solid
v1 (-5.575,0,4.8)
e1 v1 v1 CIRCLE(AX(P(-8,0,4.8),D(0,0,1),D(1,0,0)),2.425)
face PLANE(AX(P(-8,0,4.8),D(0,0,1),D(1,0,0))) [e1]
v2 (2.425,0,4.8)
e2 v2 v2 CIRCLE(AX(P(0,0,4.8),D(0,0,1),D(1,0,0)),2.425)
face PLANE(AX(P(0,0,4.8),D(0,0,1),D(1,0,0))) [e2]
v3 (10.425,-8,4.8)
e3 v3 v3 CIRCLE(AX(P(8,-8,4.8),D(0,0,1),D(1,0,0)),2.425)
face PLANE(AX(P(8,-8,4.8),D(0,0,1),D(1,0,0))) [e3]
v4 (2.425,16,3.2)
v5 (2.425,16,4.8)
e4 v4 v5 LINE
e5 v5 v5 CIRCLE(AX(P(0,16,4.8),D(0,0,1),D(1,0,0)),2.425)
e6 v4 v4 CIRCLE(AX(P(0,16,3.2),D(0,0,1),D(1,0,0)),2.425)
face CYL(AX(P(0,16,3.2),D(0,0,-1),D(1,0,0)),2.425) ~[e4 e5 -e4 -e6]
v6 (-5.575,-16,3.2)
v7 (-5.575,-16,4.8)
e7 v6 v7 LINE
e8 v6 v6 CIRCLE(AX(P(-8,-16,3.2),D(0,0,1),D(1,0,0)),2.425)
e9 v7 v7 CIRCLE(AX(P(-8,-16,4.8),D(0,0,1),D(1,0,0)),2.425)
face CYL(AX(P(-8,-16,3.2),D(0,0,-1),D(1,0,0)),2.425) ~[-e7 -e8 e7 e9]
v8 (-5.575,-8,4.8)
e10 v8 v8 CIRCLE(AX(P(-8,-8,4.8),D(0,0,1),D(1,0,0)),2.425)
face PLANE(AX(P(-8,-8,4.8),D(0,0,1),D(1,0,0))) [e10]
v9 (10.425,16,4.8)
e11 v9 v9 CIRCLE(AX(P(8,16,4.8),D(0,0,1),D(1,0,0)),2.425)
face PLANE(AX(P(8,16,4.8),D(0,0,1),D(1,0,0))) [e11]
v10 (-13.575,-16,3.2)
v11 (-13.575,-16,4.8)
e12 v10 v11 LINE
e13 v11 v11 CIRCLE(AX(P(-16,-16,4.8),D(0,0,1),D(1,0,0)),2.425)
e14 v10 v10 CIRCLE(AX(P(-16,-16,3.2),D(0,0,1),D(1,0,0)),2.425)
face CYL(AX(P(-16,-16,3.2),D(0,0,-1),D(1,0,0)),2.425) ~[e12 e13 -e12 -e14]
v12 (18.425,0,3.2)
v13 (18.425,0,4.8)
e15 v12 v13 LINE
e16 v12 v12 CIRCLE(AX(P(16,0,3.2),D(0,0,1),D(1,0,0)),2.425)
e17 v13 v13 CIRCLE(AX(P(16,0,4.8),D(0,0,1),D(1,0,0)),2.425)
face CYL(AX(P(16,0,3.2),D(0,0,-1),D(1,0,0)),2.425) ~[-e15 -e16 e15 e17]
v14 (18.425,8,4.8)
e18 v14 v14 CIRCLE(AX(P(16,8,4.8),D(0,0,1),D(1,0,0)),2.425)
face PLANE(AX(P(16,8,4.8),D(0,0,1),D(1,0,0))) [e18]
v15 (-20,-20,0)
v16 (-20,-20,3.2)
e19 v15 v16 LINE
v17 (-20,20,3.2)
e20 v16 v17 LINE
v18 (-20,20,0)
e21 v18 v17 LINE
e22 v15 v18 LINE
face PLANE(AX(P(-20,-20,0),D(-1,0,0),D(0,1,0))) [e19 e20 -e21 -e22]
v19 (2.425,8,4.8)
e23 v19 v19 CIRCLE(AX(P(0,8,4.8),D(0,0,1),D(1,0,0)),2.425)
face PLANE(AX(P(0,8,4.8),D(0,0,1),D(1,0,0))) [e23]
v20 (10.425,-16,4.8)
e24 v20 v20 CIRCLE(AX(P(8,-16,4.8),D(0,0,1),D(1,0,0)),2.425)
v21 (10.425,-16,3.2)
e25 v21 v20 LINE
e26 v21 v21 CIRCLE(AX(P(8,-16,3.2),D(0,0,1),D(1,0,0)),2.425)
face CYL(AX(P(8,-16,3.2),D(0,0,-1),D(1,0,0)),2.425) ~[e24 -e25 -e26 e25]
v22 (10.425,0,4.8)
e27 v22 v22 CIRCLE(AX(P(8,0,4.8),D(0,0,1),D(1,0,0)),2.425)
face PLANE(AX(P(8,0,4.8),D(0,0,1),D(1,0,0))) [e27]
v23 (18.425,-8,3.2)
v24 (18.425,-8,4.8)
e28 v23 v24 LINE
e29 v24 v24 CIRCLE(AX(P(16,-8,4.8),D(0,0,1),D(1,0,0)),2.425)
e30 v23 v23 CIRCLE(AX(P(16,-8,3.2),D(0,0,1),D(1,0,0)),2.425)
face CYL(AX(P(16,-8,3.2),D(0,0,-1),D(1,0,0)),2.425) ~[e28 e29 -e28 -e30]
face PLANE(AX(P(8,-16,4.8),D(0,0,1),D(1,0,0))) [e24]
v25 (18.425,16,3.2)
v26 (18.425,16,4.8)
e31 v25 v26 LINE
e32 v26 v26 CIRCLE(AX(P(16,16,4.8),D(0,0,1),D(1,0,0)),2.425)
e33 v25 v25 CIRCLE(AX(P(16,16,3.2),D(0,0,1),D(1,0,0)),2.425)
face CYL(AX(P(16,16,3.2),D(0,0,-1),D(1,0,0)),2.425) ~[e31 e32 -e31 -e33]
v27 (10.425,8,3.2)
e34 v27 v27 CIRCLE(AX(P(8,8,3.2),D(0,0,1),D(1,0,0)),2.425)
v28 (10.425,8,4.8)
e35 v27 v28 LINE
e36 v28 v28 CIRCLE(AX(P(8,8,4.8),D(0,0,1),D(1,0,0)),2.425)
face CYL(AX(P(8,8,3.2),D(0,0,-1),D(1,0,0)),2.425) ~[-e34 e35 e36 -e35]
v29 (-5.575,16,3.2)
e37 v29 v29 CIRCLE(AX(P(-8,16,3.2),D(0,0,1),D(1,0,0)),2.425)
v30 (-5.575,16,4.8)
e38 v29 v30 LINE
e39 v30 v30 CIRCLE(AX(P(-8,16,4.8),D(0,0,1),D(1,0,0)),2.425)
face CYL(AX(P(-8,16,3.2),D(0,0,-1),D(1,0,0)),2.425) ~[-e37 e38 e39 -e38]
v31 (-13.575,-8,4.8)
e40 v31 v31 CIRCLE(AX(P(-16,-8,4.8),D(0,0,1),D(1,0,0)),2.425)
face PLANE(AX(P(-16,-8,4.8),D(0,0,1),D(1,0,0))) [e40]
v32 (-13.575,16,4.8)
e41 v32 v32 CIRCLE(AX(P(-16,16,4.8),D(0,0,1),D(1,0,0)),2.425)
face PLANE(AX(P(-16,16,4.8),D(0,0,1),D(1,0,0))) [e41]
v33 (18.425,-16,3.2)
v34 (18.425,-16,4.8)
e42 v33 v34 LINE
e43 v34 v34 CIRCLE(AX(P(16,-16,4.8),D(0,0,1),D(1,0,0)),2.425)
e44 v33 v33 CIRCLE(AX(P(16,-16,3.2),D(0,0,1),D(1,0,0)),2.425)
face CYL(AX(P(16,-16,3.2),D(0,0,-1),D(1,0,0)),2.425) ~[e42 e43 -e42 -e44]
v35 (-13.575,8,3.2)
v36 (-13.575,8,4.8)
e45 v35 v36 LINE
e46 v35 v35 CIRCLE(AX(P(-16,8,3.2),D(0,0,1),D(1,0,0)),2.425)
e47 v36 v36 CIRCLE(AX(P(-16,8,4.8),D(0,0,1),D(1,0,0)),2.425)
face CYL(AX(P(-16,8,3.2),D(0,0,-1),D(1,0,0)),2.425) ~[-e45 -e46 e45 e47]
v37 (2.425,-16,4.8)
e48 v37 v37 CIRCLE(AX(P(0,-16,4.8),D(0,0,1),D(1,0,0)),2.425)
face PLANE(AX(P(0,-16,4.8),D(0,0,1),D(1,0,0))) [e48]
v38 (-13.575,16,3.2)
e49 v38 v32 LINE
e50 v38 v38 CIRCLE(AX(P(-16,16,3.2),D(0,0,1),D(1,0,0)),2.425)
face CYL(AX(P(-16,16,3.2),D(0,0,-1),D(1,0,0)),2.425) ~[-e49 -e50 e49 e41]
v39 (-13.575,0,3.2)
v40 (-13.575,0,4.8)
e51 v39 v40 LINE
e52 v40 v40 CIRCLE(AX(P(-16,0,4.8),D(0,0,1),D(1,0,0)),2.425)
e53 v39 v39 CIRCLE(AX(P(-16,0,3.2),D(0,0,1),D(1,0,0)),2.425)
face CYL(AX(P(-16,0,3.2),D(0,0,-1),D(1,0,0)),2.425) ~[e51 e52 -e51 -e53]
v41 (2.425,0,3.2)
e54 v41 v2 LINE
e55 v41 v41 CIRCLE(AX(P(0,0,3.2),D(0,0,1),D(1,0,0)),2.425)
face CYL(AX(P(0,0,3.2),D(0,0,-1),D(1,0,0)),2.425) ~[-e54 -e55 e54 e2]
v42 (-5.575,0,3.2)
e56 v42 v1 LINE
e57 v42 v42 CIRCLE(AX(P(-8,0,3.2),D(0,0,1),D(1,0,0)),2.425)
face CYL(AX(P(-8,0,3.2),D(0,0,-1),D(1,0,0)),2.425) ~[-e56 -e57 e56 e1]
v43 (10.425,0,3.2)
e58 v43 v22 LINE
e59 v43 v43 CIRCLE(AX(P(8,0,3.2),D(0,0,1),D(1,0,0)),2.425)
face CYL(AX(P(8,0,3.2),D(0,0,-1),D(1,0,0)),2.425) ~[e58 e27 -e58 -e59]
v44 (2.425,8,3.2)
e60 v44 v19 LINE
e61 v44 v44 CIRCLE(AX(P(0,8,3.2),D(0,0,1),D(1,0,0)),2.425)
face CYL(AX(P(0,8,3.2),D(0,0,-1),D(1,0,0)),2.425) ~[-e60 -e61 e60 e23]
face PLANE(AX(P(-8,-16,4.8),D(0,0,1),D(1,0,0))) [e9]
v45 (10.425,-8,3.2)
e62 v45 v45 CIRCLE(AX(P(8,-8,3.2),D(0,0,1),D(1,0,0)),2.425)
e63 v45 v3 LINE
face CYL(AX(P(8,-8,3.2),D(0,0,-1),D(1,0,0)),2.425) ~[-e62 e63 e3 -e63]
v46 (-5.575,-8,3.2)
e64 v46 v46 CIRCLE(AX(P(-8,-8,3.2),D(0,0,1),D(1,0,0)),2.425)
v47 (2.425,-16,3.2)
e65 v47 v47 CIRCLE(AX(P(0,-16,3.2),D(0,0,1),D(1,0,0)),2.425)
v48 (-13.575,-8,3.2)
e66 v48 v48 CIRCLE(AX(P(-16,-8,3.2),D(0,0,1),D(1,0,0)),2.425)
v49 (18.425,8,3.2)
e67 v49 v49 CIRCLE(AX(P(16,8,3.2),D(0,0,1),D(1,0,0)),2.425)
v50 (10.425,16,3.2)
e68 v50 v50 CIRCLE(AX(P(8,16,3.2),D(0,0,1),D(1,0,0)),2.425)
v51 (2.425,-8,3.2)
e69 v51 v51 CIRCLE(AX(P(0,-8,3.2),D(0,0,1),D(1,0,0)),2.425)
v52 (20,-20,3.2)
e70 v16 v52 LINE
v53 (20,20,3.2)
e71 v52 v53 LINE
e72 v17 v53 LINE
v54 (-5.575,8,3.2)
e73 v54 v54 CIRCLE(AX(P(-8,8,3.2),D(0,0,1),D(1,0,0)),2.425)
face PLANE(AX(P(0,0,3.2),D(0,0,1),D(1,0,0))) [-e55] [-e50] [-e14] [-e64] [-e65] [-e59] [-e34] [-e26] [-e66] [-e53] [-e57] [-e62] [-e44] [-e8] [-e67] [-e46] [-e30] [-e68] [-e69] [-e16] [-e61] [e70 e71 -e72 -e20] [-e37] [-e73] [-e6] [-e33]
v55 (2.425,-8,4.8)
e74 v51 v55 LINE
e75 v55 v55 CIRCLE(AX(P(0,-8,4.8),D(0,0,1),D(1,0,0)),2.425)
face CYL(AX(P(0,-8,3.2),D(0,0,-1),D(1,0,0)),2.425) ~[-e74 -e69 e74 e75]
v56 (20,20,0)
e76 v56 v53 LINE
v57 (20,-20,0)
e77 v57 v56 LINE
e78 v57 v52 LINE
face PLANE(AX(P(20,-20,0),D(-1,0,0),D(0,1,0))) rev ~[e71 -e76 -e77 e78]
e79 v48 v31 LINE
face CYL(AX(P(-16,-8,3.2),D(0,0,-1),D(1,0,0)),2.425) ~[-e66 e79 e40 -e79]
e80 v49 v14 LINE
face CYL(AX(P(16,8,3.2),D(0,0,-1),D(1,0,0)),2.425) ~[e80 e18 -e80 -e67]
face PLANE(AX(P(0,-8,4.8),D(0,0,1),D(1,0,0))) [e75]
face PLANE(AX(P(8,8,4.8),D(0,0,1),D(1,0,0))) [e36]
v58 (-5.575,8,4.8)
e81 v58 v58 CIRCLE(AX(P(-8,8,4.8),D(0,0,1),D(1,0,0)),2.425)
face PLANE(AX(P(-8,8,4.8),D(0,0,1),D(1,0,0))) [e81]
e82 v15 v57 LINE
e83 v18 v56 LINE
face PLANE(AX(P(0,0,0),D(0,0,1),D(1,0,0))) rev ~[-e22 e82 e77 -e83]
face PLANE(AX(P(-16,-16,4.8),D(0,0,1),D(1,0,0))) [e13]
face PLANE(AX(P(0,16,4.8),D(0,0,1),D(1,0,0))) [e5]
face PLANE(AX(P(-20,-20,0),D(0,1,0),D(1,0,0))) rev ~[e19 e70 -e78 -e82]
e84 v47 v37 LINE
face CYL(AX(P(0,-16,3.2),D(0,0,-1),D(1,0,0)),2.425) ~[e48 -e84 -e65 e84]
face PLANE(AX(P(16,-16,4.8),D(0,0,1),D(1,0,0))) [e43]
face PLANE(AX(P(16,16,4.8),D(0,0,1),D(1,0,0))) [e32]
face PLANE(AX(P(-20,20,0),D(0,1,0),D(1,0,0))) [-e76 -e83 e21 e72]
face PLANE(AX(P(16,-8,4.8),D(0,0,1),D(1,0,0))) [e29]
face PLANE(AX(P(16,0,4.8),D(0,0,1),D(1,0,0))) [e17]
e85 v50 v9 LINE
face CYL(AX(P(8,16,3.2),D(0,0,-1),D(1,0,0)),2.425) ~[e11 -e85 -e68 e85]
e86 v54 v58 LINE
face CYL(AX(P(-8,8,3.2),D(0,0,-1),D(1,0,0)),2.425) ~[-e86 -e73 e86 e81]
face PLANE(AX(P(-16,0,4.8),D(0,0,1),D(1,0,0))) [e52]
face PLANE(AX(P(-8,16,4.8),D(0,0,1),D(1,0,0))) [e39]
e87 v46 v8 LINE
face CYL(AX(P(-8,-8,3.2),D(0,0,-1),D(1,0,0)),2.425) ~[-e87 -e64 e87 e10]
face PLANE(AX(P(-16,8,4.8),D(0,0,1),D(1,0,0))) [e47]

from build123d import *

# Parameters (mm, degrees)
F0_W     = 40
F0_H     = 40
F1_DEPTH = 3.2
F2_R     = 2.425
F3_DEPTH = 1.6


with BuildPart() as f1:
    # F0 (on Top) → F1 (new body)
    with BuildSketch(Plane.XY):
        Rectangle(F0_W, F0_H)
    extrude(amount=F1_DEPTH)

    # F2 (on face) → F3 (join)
    with BuildSketch(Plane.XY.offset(3.2)):
        with Locations((-16, -16)):
            Circle(F2_R)
        with Locations((-16, -8)):
            Circle(F2_R)
        with Locations((-16, 0)):
            Circle(F2_R)
        with Locations((-16, 8)):
            Circle(F2_R)
        with Locations((-16, 16)):
            Circle(F2_R)
        with Locations((-8, -16)):
            Circle(F2_R)
        with Locations((-8, -8)):
            Circle(F2_R)
        with Locations((-8, 0)):
            Circle(F2_R)
        with Locations((-8, 8)):
            Circle(F2_R)
        with Locations((-8, 16)):
            Circle(F2_R)
        with Locations((0, -16)):
            Circle(F2_R)
        with Locations((0, -8)):
            Circle(F2_R)
        Circle(F2_R)
        with Locations((0, 8)):
            Circle(F2_R)
        with Locations((0, 16)):
            Circle(F2_R)
        with Locations((8, -16)):
            Circle(F2_R)
        with Locations((8, -8)):
            Circle(F2_R)
        with Locations((8, 0)):
            Circle(F2_R)
        with Locations((8, 8)):
            Circle(F2_R)
        with Locations((8, 16)):
            Circle(F2_R)
        with Locations((16, -16)):
            Circle(F2_R)
        with Locations((16, -8)):
            Circle(F2_R)
        with Locations((16, 0)):
            Circle(F2_R)
        with Locations((16, 8)):
            Circle(F2_R)
        with Locations((16, 16)):
            Circle(F2_R)
    extrude(amount=F3_DEPTH)


solid = f1.part
